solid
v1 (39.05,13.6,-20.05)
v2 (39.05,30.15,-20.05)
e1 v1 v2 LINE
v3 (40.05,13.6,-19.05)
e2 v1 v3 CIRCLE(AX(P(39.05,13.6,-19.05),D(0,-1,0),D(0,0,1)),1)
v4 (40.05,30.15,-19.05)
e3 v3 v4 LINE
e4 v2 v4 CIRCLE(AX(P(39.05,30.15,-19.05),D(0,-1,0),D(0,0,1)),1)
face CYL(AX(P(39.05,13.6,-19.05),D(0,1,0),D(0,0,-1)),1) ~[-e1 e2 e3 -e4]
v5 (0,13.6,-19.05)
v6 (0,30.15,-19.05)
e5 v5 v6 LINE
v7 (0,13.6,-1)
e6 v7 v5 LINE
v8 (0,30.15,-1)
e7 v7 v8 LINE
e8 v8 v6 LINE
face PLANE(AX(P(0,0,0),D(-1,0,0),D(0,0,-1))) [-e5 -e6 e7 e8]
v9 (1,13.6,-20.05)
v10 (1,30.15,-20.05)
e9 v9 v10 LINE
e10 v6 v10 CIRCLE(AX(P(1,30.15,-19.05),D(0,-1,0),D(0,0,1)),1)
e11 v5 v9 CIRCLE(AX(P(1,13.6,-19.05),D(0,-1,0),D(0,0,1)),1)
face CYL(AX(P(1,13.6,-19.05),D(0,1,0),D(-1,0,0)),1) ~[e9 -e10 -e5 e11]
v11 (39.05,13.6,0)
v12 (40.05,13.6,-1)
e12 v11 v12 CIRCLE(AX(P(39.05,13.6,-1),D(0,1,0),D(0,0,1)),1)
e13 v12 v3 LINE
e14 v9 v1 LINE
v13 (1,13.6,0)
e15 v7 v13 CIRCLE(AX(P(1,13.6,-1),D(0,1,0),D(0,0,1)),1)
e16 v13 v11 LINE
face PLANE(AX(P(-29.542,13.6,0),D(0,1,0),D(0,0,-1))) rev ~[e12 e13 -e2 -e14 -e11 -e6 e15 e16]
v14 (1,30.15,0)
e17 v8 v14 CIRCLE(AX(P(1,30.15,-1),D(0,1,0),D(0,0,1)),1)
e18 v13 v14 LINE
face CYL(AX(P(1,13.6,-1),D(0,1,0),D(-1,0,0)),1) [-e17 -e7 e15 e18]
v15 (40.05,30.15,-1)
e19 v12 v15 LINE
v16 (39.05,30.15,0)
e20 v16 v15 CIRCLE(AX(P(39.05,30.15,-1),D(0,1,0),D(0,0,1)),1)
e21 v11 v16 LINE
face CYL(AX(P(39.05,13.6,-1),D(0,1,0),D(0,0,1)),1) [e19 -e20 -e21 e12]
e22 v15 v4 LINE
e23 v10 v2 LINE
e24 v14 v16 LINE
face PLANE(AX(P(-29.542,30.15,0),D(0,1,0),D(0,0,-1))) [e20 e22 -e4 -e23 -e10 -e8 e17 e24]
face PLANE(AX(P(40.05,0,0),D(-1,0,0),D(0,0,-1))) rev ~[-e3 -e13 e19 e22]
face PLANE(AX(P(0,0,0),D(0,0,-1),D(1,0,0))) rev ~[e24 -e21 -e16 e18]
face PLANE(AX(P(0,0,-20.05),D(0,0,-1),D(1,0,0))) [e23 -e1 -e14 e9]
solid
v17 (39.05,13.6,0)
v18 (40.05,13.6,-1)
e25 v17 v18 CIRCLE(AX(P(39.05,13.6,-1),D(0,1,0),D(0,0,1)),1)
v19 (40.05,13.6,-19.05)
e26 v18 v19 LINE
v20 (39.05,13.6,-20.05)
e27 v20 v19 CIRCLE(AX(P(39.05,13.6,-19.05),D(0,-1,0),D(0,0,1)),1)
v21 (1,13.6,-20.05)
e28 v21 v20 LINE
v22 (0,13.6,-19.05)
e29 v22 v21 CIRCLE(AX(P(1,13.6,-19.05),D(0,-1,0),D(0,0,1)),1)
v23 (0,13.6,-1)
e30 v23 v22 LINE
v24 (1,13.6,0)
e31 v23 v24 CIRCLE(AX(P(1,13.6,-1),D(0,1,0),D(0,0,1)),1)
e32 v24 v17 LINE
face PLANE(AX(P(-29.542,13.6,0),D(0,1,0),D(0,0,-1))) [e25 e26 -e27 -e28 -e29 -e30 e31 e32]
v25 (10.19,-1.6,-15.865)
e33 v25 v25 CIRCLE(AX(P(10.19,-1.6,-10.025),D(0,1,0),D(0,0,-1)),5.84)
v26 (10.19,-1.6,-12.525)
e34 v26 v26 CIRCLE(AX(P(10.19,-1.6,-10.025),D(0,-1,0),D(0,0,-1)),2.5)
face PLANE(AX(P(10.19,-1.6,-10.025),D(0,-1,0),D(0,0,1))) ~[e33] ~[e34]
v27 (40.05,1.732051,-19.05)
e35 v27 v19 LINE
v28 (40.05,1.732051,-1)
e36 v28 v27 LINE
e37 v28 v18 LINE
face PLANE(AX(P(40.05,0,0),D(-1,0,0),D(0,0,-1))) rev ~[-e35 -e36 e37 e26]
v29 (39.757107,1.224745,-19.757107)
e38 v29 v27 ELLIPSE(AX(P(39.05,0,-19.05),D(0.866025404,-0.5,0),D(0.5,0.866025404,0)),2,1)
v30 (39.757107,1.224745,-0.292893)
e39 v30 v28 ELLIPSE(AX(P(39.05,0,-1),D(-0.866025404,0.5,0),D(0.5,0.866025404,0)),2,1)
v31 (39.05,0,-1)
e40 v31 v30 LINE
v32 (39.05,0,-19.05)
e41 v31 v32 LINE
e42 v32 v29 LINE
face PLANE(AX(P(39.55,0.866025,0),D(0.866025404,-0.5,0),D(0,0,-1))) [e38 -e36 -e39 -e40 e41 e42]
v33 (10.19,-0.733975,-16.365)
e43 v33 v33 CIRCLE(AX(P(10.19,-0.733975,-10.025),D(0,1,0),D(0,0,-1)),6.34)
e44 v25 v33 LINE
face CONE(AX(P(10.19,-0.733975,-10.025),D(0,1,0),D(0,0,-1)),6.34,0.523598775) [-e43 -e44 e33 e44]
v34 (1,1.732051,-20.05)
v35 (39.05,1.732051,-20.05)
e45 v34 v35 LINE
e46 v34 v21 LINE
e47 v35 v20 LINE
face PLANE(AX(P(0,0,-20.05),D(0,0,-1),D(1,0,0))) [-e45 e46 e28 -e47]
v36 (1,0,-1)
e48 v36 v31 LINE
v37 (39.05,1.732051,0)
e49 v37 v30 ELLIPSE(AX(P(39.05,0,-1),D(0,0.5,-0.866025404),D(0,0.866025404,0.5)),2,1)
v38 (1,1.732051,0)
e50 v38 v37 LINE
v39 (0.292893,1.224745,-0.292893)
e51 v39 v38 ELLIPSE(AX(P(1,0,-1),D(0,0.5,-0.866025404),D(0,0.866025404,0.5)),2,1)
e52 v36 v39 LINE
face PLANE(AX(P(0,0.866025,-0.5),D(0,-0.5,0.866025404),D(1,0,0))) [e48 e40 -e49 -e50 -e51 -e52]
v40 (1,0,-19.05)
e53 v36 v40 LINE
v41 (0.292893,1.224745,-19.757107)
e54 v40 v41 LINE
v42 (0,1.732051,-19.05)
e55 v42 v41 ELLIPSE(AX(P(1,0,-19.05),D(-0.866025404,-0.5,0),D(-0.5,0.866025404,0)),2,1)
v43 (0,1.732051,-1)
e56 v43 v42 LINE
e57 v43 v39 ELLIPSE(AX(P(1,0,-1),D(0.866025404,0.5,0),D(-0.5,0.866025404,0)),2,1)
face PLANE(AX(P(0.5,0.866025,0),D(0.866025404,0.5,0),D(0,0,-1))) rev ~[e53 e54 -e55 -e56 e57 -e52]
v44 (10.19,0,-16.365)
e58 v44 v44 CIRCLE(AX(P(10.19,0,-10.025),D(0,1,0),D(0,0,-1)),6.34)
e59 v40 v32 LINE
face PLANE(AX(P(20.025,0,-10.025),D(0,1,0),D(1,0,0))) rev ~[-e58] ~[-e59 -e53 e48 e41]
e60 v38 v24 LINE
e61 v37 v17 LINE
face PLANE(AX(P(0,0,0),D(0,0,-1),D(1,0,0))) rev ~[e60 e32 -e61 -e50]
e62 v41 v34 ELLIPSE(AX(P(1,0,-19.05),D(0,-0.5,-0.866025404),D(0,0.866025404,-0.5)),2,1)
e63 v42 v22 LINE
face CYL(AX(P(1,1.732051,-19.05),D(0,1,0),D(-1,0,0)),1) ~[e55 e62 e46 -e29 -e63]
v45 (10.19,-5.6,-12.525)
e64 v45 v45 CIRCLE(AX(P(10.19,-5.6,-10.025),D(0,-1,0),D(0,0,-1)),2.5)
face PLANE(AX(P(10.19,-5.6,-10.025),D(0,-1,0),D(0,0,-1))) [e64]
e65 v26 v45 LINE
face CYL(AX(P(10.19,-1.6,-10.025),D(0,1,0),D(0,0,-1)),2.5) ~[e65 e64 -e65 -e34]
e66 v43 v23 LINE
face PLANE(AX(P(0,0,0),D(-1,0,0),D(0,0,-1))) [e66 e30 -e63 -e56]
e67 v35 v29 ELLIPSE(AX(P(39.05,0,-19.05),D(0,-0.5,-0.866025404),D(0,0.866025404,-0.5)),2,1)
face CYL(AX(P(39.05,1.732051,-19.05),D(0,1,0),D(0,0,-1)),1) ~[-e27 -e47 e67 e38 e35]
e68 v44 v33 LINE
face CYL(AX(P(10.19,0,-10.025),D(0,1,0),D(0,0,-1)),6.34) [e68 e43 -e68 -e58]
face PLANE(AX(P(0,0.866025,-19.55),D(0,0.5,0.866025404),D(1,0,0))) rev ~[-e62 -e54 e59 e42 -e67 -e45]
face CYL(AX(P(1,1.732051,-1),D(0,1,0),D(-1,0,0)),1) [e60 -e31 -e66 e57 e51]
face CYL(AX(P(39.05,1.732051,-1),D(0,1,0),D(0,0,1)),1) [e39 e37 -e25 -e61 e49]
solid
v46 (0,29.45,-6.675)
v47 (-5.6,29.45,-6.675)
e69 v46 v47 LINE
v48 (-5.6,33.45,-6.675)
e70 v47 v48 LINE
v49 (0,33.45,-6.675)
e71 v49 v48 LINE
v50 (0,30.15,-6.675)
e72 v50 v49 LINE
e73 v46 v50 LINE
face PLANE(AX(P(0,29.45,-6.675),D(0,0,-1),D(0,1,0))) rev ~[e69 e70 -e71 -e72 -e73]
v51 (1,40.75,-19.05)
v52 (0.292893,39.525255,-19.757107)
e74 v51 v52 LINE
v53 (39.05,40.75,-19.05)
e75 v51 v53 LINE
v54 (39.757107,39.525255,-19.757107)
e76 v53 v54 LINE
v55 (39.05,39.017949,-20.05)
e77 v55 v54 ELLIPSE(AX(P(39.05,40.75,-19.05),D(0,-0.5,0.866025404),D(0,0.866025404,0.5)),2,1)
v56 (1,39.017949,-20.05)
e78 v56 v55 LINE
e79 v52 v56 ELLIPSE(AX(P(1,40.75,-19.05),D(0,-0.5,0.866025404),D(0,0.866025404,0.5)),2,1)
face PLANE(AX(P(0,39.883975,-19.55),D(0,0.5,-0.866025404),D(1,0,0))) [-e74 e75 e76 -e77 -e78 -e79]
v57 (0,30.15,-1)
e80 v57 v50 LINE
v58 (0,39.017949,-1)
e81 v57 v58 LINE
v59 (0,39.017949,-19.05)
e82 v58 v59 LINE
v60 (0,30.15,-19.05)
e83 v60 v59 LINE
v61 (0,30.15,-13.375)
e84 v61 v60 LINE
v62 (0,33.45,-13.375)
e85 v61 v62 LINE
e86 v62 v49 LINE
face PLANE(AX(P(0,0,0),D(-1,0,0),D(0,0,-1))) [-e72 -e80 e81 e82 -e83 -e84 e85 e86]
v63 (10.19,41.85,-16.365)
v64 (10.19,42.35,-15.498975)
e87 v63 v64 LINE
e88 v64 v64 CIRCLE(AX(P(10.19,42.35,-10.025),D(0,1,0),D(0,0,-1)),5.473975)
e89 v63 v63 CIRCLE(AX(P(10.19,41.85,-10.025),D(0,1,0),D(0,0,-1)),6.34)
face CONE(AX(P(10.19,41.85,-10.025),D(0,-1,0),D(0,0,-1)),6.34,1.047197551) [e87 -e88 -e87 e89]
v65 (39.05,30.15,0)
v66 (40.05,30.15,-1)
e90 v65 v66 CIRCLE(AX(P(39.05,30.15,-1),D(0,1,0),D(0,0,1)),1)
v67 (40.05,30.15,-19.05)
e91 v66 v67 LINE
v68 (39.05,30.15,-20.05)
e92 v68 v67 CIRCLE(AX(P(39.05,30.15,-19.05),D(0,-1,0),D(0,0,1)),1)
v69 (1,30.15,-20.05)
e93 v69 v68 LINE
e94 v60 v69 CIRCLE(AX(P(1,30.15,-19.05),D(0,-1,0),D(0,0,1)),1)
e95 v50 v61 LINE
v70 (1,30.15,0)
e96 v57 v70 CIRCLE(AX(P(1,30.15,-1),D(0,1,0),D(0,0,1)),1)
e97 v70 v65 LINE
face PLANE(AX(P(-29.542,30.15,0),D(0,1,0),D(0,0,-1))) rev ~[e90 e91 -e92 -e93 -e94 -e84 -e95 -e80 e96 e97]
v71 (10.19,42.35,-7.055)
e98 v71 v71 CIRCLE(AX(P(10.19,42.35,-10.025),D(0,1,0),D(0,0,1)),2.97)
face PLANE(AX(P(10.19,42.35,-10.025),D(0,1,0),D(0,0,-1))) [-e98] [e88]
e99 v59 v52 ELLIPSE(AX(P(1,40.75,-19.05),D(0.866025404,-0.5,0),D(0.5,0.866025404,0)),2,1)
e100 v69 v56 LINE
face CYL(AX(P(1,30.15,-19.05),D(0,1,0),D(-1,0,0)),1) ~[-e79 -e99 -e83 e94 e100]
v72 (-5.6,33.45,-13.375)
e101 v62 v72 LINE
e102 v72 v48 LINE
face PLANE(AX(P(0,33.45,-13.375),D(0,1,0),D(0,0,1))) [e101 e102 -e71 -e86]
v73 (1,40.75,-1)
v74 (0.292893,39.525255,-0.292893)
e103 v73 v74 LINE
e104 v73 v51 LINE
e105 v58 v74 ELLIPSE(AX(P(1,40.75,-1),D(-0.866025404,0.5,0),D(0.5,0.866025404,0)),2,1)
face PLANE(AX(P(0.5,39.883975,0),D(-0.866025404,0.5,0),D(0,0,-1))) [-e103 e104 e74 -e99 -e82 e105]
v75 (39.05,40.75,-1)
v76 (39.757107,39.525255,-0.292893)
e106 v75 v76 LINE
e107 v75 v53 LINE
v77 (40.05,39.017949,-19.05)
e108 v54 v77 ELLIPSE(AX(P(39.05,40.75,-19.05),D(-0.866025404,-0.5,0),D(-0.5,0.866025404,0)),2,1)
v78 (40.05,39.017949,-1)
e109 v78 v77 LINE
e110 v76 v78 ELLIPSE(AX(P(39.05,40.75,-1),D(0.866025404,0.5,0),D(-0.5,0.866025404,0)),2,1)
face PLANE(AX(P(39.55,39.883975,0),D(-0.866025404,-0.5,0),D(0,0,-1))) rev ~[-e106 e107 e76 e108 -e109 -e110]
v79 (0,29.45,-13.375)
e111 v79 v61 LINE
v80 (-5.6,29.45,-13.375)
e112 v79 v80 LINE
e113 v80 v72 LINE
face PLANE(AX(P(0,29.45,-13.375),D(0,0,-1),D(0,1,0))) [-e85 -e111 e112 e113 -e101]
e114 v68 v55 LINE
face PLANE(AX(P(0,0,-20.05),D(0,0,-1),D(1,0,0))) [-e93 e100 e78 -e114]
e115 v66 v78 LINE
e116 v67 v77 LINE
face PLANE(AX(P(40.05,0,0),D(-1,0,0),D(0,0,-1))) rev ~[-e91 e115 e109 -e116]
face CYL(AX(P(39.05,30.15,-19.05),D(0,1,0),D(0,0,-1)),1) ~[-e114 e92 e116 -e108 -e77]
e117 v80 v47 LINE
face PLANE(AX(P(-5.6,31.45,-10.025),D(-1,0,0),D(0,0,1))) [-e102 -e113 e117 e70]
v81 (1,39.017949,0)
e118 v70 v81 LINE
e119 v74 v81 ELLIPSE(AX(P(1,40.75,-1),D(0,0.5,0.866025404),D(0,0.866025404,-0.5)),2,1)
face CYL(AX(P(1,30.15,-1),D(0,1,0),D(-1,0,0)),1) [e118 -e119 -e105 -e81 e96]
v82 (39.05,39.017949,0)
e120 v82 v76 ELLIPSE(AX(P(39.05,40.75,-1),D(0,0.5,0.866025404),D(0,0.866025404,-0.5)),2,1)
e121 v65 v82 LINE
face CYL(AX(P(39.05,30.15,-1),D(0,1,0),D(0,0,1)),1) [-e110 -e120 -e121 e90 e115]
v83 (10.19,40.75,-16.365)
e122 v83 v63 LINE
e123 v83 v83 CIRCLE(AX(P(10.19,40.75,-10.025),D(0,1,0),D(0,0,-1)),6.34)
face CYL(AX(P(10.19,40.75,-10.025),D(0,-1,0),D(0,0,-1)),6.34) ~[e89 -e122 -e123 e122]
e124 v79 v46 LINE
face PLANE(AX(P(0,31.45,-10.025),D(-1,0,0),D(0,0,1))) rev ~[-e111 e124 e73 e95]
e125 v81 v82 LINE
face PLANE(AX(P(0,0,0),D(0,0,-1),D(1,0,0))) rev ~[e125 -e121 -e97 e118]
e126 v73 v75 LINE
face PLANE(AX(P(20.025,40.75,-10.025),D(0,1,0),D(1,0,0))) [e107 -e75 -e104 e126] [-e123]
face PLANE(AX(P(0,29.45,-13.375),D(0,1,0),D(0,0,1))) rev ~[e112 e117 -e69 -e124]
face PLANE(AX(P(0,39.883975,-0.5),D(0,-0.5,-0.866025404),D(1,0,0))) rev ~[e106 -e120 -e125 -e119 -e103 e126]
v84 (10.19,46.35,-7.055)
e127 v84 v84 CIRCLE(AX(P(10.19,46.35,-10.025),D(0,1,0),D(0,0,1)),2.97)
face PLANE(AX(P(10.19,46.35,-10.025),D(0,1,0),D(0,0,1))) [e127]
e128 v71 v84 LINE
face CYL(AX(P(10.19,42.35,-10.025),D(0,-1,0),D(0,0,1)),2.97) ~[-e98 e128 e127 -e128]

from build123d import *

# Parameters (mm, degrees)
SKETCH1_W                = 40.05
SKETCH1_H                = 20.05
BOSS_EXTRUDE1_DEPTH      = 40.75
SKETCH2_R                = 6.34
BOSS_EXTRUDE2_DEPTH      = 1.6
SKETCH3_R                = 2.97
BOSS_EXTRUDE3_DEPTH      = 4
SKETCH4_R                = 2.5
BOSS_EXTRUDE4_DEPTH      = 4
SPLIT1_SURFACE_1_1_BACK  = 69.592
SPLIT1_SURFACE_1_1_DEPTH = 139.184
SPLIT1_SURFACE_1_2_BACK  = 69.592
SPLIT1_SURFACE_1_2_DEPTH = 139.184
SPLIT1_SURFACE_2_3_BACK  = 69.592
SPLIT1_SURFACE_2_3_DEPTH = 139.184
SPLIT1_SURFACE_2_4_BACK  = 69.592
SPLIT1_SURFACE_2_4_DEPTH = 139.184
CHAMFER1_SIZE            = 1
CHAMFER1_SIZE2           = 1.732050808
CHAMFER2_SIZE            = 1
CHAMFER2_SIZE2           = 1.732050808
FILLET1_R                = 1
FILLET2_R                = 1
FILLET3_R                = 1
CHAMFER3_SIZE            = 0.5
CHAMFER3_SIZE2           = 0.866025404
CHAMFER4_SIZE            = 0.5
CHAMFER4_SIZE2           = 0.866025404
SKETCH6_W                = 6.7
SKETCH6_H                = 4
BOSS_EXTRUDE5_DEPTH      = 5.6


with BuildPart() as part:
    # Sketch1 → Boss-Extrude1 (new body)
    with BuildSketch(Plane(origin=(0, 0, 0), x_dir=(1, 0, 0), z_dir=(0, 1, 0))):
        with Locations((20.025, 10.025)):
            Rectangle(SKETCH1_W, SKETCH1_H)
    extrude(amount=BOSS_EXTRUDE1_DEPTH)

    # Sketch2 → Boss-Extrude2 (add)
    with BuildSketch(Plane(origin=(0, 40.75, 0), x_dir=(1, 0, 0), z_dir=(0, 1, 0))):
        with Locations(Location((10.19, 10.025, 0), (0, 0, 90))):
            Circle(SKETCH2_R)
    boss_extrude2 = extrude(amount=BOSS_EXTRUDE2_DEPTH)

    # Sketch3 → Boss-Extrude3 (add)
    with BuildSketch(Plane(origin=(0, 42.35, 0), x_dir=(1, 0, 0), z_dir=(0, 1, 0))):
        with Locations(Location((10.19, 10.025, 0), (0, 0, 270))):
            Circle(SKETCH3_R)
    extrude(amount=BOSS_EXTRUDE3_DEPTH)

    # Mirror1: Boss-Extrude2 across plane
    add(boss_extrude2.mirror(Plane.ZX.offset(20.375)))

    # Sketch4 → Boss-Extrude4 (add)
    with BuildSketch(Plane.XZ.offset(1.6)):
        with Locations(Location((10.19, -10.025, 0), (0, 0, 270))):
            Circle(SKETCH4_R)
    extrude(amount=BOSS_EXTRUDE4_DEPTH)


with BuildPart() as body_2:
    # Split1: the piece behind the surface
    add(part.part)
    # Split1 surface 1: a surface, the sketch's curves swept straight by 139.184 mm
    with BuildLine(Plane(origin=(40.05, 0, 0), x_dir=(0, 0, -1), z_dir=(1, 0, 0)).offset(-SPLIT1_SURFACE_1_1_BACK), mode=Mode.PRIVATE) as split1_surface_1_1_path:
        Line((0, 30.15), (20.05, 30.15))
    split1_surface_1_1 = Shell.extrude(split1_surface_1_1_path.wire(), (1 * SPLIT1_SURFACE_1_1_DEPTH, 0 * SPLIT1_SURFACE_1_1_DEPTH, 0 * SPLIT1_SURFACE_1_1_DEPTH))
    split(bisect_by=split1_surface_1_1, keep=Keep.BOTTOM)


with BuildPart() as part_1:
    add(part.part)

    # Split1: split by a surface, the side it looks to stays
    # Split1 surface 1: a surface, the sketch's curves swept straight by 139.184 mm
    with BuildLine(Plane(origin=(40.05, 0, 0), x_dir=(0, 0, -1), z_dir=(1, 0, 0)).offset(-SPLIT1_SURFACE_1_2_BACK), mode=Mode.PRIVATE) as split1_surface_1_2_path:
        Line((0, 30.15), (20.05, 30.15))
    split1_surface_1_2 = Shell.extrude(split1_surface_1_2_path.wire(), (1 * SPLIT1_SURFACE_1_2_DEPTH, 0 * SPLIT1_SURFACE_1_2_DEPTH, 0 * SPLIT1_SURFACE_1_2_DEPTH))
    split(bisect_by=split1_surface_1_2, keep=Keep.TOP)

    # Chamfer1
    chamfer1_edges = [part_1.edges().sort_by_distance(p)[0] for p in [
        (0, 40.75, -10.025),
        (20.025, 40.75, 0),
        (40.05, 40.75, -10.025),
        (20.025, 40.75, -20.05),
    ]]
    chamfer1_side = [part_1.faces().sort_by_distance(p)[0] for p in [
        (21.860232038, 40.75, -10.025),
    ]]
    chamfer(chamfer1_edges, length=CHAMFER1_SIZE, length2=CHAMFER1_SIZE2, reference=chamfer1_side[0])

    # Fillet1
    fillet1_edges = [part_1.edges().sort_by_distance(p)[0] for p in [
        (0, 34.583974596, -20.05),
        (40.05, 34.583974596, -20.05),
        (40.05, 34.583974596, 0),
        (0, 34.583974596, 0),
    ]]
    fillet(fillet1_edges, radius=FILLET1_R)

    # Chamfer3
    chamfer3_edges = [part_1.edges().sort_by_distance(p)[0] for p in [
        (10.19, 42.35, -3.685),
    ]]
    chamfer3_side = [part_1.faces().sort_by_distance(p)[0] for p in [
        (10.19, 41.55, -3.685),
    ]]
    chamfer(chamfer3_edges, length=CHAMFER3_SIZE, length2=CHAMFER3_SIZE2, reference=chamfer3_side[0])

    # Sketch6 → Boss-Extrude5 (add)
    with BuildSketch(Plane.ZY):
        with Locations((-10.025, 31.45)):
            Rectangle(SKETCH6_W, SKETCH6_H)
    extrude(amount=BOSS_EXTRUDE5_DEPTH)


with BuildPart() as body_3:
    # Split1 2 body 2: the piece behind the surface
    add(body_2.part)
    # Split1 surface 2: a surface, the sketch's curves swept straight by 139.184 mm
    with BuildLine(Plane(origin=(40.05, 0, 0), x_dir=(0, 0, -1), z_dir=(1, 0, 0)).offset(-SPLIT1_SURFACE_2_3_BACK), mode=Mode.PRIVATE) as split1_surface_2_3_path:
        Line((0, 13.6), (20.05, 13.6))
    split1_surface_2_3 = Shell.extrude(split1_surface_2_3_path.wire(), (1 * SPLIT1_SURFACE_2_3_DEPTH, 0 * SPLIT1_SURFACE_2_3_DEPTH, 0 * SPLIT1_SURFACE_2_3_DEPTH))
    split(bisect_by=split1_surface_2_3, keep=Keep.BOTTOM)

    # Chamfer2
    chamfer2_edges = [body_3.edges().sort_by_distance(p)[0] for p in [
        (20.025, 0, -20.05),
        (40.05, 0, -10.025),
        (20.025, 0, 0),
        (0, 0, -10.025),
    ]]
    chamfer2_side = [body_3.faces().sort_by_distance(p)[0] for p in [
        (21.860232038, 0, -10.025),
    ]]
    chamfer(chamfer2_edges, length=CHAMFER2_SIZE, length2=CHAMFER2_SIZE2, reference=chamfer2_side[0])

    # Fillet3
    fillet3_edges = [body_3.edges().sort_by_distance(p)[0] for p in [
        (0, 7.666025404, -20.05),
        (40.05, 7.666025404, -20.05),
        (40.05, 7.666025404, 0),
        (0, 7.666025404, 0),
    ]]
    fillet(fillet3_edges, radius=FILLET3_R)

    # Chamfer4
    chamfer4_edges = [body_3.edges().sort_by_distance(p)[0] for p in [
        (10.19, -1.6, -3.685),
    ]]
    chamfer4_side = [body_3.faces().sort_by_distance(p)[0] for p in [
        (10.19, -1.6, -3.86432228),
    ]]
    chamfer(chamfer4_edges, length=CHAMFER4_SIZE, length2=CHAMFER4_SIZE2, reference=chamfer4_side[0])


with BuildPart() as body_2_1:
    add(body_2.part)

    # Split1 2 body 2: split by a surface, the side it looks to stays
    # Split1 surface 2: a surface, the sketch's curves swept straight by 139.184 mm
    with BuildLine(Plane(origin=(40.05, 0, 0), x_dir=(0, 0, -1), z_dir=(1, 0, 0)).offset(-SPLIT1_SURFACE_2_4_BACK), mode=Mode.PRIVATE) as split1_surface_2_4_path:
        Line((0, 13.6), (20.05, 13.6))
    split1_surface_2_4 = Shell.extrude(split1_surface_2_4_path.wire(), (1 * SPLIT1_SURFACE_2_4_DEPTH, 0 * SPLIT1_SURFACE_2_4_DEPTH, 0 * SPLIT1_SURFACE_2_4_DEPTH))
    split(bisect_by=split1_surface_2_4, keep=Keep.TOP)

    # Fillet2
    fillet2_edges = [body_2_1.edges().sort_by_distance(p)[0] for p in [
        (0, 21.875, -20.05),
        (40.05, 21.875, -20.05),
        (40.05, 21.875, 0),
        (0, 21.875, 0),
    ]]
    fillet(fillet2_edges, radius=FILLET2_R)


solid = Compound([part_1.part, body_3.part, body_2_1.part])
